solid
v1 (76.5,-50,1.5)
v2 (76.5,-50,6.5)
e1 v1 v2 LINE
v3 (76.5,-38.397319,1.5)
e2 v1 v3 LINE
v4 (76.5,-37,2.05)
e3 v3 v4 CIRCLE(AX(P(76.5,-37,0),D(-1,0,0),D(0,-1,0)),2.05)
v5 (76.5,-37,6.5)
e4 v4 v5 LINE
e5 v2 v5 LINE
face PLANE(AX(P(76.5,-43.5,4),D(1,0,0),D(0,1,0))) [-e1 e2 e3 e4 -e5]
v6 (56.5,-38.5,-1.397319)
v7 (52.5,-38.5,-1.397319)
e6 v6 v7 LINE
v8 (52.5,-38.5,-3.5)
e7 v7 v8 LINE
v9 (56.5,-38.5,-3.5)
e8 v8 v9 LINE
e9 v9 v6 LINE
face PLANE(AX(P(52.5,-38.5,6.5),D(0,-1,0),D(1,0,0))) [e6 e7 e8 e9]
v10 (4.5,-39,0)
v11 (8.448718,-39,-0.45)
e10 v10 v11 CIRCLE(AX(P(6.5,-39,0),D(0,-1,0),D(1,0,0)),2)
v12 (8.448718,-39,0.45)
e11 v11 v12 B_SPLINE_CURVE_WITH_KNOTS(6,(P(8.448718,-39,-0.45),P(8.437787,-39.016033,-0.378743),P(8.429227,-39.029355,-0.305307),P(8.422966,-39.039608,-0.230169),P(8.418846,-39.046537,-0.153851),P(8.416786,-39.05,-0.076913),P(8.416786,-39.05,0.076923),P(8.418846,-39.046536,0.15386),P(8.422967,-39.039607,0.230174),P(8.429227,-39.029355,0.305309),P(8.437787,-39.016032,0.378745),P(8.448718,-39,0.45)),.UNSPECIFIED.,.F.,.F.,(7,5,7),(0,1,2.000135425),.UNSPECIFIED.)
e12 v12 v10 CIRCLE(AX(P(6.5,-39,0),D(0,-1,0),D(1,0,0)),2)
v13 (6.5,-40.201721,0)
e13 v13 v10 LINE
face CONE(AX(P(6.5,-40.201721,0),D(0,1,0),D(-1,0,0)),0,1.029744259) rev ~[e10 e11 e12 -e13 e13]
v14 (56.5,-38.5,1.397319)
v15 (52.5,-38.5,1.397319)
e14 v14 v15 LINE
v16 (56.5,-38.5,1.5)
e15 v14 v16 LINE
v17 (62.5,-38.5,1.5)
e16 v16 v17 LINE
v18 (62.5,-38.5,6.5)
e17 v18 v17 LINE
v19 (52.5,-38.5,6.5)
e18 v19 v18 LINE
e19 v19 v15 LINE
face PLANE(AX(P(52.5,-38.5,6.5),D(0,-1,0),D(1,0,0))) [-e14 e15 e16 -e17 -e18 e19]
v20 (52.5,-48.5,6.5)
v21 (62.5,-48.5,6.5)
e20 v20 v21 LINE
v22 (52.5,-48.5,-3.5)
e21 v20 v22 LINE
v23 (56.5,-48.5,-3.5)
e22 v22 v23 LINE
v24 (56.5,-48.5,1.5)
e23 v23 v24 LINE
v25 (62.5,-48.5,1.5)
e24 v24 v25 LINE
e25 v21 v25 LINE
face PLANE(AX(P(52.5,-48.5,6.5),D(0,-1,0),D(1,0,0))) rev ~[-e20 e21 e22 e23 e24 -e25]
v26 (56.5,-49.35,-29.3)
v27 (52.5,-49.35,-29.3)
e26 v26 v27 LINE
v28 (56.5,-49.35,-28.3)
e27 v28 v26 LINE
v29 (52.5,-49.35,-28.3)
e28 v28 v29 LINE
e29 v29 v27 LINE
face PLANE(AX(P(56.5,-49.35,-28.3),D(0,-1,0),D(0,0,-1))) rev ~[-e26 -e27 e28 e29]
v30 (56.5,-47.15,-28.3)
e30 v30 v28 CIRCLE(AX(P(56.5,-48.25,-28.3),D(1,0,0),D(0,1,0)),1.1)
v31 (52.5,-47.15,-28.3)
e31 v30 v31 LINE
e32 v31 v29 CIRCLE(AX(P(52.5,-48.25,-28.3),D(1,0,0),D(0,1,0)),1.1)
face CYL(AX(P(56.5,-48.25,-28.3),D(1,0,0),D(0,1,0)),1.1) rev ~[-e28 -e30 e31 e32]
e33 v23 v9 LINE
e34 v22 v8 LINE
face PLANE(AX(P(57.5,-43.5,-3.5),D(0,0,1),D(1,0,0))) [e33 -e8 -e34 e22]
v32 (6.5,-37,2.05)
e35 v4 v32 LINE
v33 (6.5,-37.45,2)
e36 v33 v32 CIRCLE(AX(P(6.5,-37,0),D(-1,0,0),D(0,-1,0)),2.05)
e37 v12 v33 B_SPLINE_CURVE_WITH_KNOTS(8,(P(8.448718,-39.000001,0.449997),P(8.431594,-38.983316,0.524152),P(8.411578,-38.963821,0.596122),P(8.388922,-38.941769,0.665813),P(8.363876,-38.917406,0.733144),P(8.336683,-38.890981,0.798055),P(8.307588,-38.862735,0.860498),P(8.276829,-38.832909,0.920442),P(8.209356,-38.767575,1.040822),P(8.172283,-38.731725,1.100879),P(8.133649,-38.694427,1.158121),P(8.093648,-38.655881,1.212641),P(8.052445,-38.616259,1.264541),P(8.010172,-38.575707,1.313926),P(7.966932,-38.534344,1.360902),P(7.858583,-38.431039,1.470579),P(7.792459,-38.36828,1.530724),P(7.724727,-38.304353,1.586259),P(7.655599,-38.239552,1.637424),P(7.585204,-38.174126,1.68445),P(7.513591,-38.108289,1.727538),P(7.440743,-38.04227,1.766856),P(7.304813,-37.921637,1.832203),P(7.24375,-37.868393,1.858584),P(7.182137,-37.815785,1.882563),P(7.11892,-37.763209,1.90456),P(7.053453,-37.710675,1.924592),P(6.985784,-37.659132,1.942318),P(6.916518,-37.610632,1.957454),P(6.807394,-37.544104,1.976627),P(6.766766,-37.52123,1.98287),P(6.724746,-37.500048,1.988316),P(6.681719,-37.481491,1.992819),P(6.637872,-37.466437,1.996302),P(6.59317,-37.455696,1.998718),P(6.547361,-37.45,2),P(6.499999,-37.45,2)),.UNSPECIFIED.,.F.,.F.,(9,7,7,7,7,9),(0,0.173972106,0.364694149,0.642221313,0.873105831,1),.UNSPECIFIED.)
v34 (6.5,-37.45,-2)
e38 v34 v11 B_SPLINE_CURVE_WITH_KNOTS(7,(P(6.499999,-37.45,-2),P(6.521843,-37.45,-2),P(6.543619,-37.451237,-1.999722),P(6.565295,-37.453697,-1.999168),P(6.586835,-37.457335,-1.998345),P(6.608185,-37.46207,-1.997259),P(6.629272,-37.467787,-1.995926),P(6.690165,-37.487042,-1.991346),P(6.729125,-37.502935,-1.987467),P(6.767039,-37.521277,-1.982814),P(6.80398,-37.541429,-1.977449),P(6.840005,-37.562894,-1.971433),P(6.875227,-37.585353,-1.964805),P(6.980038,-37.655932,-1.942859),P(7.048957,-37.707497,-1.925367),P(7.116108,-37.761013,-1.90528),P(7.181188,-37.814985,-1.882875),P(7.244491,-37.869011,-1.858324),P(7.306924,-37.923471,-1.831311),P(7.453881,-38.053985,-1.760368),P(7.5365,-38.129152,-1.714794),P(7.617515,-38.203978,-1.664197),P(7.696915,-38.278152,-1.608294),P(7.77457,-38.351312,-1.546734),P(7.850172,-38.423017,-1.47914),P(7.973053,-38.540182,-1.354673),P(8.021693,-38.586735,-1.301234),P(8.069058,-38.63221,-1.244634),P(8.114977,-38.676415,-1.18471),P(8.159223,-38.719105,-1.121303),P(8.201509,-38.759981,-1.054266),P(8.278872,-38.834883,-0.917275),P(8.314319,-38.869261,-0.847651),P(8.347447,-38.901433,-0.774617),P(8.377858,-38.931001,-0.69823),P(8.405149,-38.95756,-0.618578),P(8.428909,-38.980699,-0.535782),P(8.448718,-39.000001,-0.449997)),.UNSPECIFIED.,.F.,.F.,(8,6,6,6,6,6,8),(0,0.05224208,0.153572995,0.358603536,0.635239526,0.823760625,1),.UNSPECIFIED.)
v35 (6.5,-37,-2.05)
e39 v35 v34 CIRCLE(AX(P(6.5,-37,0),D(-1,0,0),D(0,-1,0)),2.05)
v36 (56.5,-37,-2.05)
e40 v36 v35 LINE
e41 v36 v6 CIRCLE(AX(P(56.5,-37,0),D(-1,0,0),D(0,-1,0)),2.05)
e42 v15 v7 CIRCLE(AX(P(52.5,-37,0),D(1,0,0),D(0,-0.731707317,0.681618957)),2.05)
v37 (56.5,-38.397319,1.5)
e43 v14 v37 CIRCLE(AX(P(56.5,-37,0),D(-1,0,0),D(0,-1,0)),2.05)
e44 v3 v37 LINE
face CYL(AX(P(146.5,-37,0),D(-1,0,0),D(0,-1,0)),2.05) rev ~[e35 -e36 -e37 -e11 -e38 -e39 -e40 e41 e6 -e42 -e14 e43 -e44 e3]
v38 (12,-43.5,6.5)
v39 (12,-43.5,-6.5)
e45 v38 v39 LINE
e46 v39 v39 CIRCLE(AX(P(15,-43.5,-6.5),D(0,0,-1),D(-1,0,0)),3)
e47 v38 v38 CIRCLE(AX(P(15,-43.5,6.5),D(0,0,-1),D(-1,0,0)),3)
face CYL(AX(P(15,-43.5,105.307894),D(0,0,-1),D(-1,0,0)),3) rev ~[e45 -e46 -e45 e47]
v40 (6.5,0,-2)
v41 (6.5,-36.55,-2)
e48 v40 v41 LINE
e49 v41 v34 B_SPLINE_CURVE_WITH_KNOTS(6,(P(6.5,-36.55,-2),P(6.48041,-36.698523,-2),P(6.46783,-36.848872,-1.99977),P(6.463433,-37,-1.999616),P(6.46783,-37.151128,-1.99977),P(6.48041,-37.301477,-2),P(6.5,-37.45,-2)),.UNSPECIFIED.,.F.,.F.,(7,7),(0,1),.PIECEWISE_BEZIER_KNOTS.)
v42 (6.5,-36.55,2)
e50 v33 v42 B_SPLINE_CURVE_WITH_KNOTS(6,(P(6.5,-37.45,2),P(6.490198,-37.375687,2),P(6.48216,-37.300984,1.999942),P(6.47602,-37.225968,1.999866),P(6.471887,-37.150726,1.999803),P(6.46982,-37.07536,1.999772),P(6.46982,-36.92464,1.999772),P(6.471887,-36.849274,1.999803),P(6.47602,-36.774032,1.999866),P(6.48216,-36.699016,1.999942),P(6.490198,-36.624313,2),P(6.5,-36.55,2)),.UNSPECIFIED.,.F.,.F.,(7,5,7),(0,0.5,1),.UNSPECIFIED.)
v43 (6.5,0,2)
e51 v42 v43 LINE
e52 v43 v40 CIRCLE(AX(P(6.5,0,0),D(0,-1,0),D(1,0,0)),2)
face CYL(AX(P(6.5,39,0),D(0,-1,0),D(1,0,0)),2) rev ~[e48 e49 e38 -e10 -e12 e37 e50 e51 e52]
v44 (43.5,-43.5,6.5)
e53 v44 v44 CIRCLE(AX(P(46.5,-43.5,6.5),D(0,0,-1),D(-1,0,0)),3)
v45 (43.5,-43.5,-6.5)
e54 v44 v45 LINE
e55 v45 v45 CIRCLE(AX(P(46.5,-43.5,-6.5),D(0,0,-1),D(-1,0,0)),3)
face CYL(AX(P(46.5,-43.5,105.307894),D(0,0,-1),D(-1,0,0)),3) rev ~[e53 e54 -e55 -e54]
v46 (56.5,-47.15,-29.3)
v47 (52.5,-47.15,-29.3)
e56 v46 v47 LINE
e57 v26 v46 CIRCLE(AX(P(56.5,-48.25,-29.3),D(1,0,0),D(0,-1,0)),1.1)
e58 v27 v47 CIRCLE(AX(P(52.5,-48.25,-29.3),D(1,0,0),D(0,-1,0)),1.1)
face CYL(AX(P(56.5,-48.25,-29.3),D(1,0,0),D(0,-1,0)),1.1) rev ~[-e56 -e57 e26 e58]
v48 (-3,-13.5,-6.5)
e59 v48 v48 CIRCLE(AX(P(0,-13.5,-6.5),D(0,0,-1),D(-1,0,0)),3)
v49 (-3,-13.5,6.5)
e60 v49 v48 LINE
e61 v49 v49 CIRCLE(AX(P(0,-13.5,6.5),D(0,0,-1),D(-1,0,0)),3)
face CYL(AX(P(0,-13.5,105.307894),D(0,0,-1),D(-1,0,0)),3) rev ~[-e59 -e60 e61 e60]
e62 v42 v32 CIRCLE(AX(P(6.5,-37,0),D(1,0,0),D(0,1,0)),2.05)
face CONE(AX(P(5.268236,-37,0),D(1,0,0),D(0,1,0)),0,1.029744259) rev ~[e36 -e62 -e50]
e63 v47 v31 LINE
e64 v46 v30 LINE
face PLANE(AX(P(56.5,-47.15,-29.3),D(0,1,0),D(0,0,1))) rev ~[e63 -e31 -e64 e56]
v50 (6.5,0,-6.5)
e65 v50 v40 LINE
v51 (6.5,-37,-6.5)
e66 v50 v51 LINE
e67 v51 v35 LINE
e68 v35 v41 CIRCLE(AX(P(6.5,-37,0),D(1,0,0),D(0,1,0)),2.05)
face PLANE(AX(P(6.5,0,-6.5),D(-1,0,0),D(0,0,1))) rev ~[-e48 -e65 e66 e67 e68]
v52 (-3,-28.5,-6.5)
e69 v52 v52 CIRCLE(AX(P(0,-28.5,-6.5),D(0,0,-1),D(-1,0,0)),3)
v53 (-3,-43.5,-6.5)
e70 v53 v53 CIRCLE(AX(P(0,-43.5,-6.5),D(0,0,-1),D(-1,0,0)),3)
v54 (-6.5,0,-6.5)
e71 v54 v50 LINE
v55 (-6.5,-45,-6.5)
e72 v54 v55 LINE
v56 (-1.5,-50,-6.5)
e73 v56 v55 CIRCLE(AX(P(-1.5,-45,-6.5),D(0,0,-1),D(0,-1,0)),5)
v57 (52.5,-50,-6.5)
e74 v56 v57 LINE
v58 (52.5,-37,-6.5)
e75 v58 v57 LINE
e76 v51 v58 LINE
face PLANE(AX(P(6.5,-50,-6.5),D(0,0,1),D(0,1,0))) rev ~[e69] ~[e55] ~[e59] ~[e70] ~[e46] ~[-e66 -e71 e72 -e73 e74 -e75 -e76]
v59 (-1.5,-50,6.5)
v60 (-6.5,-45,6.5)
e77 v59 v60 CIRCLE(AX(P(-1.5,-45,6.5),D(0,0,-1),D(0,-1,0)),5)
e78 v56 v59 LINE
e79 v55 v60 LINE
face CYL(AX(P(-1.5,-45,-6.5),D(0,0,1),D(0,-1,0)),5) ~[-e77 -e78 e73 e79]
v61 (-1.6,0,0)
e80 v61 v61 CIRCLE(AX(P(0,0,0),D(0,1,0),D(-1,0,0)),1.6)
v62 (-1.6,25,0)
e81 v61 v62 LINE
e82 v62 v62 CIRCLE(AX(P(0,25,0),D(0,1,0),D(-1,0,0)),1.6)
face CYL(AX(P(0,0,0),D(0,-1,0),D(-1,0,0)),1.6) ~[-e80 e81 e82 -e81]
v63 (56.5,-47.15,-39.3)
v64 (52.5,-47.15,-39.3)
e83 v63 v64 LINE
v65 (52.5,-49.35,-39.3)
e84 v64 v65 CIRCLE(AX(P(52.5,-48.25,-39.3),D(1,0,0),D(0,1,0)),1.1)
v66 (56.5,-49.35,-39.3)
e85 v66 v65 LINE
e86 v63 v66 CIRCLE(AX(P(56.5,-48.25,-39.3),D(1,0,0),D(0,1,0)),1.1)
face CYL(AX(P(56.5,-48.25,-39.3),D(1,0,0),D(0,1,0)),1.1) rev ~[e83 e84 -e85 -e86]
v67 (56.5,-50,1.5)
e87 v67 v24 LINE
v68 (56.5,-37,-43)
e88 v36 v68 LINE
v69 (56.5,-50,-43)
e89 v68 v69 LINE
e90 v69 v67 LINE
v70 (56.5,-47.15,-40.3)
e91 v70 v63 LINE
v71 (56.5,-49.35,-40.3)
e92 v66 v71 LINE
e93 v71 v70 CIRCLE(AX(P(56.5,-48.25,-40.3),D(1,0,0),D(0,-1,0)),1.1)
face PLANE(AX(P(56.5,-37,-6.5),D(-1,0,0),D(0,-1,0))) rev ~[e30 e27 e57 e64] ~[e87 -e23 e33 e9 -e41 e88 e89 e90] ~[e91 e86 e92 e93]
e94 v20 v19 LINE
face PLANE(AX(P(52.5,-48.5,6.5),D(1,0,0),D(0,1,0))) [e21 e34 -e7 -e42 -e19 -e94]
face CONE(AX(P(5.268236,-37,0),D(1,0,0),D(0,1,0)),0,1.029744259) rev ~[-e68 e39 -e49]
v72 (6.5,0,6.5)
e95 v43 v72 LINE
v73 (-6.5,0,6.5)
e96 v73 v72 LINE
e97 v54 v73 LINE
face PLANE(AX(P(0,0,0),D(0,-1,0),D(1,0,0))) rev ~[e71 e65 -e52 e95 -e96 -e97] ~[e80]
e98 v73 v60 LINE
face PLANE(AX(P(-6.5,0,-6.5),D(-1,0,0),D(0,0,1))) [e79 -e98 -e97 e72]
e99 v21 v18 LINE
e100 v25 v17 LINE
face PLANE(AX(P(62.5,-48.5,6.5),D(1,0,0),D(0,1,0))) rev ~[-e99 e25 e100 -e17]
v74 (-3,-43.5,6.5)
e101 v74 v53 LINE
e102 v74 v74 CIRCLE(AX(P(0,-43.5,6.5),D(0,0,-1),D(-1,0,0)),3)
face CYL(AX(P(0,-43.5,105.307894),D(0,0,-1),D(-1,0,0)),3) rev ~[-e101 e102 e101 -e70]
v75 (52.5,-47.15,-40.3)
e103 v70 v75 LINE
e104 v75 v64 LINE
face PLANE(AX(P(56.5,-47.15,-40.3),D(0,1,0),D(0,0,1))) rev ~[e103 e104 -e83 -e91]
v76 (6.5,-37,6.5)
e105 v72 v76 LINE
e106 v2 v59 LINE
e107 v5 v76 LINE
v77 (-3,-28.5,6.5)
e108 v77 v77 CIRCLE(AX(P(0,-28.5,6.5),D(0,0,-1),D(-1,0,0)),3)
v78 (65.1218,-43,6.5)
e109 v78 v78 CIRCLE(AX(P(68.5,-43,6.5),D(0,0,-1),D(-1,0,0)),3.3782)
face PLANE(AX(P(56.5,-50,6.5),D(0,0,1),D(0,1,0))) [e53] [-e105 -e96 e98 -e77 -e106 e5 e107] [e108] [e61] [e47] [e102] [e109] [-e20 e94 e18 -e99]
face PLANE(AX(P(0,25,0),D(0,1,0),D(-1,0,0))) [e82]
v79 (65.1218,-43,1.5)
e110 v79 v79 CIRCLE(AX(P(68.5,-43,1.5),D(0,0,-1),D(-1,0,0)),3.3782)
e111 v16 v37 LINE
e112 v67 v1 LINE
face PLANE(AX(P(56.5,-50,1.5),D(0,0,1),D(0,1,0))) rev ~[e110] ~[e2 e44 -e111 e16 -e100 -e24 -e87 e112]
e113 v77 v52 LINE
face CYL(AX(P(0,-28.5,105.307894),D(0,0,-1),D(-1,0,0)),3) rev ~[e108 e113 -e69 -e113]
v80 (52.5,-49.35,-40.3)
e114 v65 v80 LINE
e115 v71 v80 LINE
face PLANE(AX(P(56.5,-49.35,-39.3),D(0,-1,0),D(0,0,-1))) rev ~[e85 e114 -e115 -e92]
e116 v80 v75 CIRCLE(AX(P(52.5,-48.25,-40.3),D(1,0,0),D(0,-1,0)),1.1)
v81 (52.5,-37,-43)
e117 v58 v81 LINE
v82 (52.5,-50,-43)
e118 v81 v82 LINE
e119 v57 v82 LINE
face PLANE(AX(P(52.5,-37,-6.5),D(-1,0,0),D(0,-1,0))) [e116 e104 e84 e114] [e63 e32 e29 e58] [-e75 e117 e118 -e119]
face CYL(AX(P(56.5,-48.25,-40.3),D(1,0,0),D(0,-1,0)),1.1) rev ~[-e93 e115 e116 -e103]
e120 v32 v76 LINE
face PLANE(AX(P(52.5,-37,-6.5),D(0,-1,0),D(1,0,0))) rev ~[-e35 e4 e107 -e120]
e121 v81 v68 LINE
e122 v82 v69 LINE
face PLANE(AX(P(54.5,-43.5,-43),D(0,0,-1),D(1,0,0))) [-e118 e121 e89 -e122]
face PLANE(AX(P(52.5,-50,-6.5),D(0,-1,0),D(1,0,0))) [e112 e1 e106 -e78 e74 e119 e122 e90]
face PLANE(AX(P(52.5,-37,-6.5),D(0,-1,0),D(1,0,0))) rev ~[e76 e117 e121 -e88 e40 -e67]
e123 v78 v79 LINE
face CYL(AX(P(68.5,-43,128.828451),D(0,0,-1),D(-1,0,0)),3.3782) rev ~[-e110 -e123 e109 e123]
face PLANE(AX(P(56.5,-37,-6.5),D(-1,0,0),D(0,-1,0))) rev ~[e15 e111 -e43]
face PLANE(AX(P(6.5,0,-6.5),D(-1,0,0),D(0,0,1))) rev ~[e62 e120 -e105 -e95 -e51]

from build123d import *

# Parameters (mm, degrees)
F0_W      = 13
F0_H      = 13
F1_DEPTH  = 50
F2_W      = 13
F2_H      = 13
F3_DEPTH  = 50
F5_R      = 1.6
F6_DEPTH  = 25
F8_D      = 6
F9_W      = 13
F9_H      = 5
F10_DEPTH = 20
F11_W     = 4
F11_H     = 13
F12_DEPTH = 36.5
F15_D     = 6.7564
F17_DEPTH = 4
F18_W     = 10
F18_H     = 10
F19_DEPTH = 10
F22_R     = 5
F23_D     = 4
F23_DEPTH = 39
F23_TIP   = 1.2017212381
F24_D     = 4.1
F24_DEPTH = 70
F24_TIP   = 1.231764269


with BuildPart() as f1:
    # F0 (on Front) → F1 (new body)
    with BuildSketch(Plane.XZ):
        Rectangle(F0_W, F0_H)
    extrude(amount=F1_DEPTH)

    # F2 (on face) → F3 (join)
    with BuildSketch(Plane.YZ.offset(6.5)):
        with Locations((-43.5, 0)):
            Rectangle(F2_W, F2_H)
    extrude(amount=F3_DEPTH)

    # F5 (on face) → F6 (join)
    with BuildSketch(Plane(origin=(0, 0, 0), x_dir=(-1, 0, 0), z_dir=(0, 1, 0))):
        Circle(F5_R)
    extrude(amount=F6_DEPTH)

    # F8 (through all)
    with Locations(Plane.XY.offset(6.5)):
        with Locations((0, -28.5), (0, -13.5), (0, -43.5), (15, -43.5), (46.5, -43.5)):
            Hole(F8_D / 2)

    # F9 (on face) → F10 (join)
    with BuildSketch(Plane.YZ.offset(56.5)):
        with Locations((-43.5, 4)):
            Rectangle(F9_W, F9_H)
    extrude(amount=F10_DEPTH)

    # F11 (on face) → F12 (join)
    with BuildSketch(Plane(origin=(0, 0, -6.5), x_dir=(1, 0, 0), z_dir=(0, 0, -1))):
        with Locations((54.5, 43.5)):
            Rectangle(F11_W, F11_H)
    extrude(amount=F12_DEPTH)

    # F15 (through all)
    with Locations(Plane.XY.offset(6.5)):
        with Locations((68.5, -43)):
            Hole(F15_D / 2)

    # F16 (on face) → F17 (cut, through all)
    with BuildSketch(Plane.YZ.offset(56.5)):
        with BuildLine():
            Line((-49.35, -39.3), (-49.35, -40.3))
            ThreePointArc((-49.35, -40.3), (-48.25, -41.4), (-47.15, -40.3))
            Line((-47.15, -40.3), (-47.15, -39.3))
            ThreePointArc((-47.15, -39.3), (-48.25, -38.2), (-49.35, -39.3))
        make_face()
        with BuildLine():
            Line((-49.35, -28.3), (-49.35, -29.3))
            ThreePointArc((-49.35, -29.3), (-48.25, -30.4), (-47.15, -29.3))
            Line((-47.15, -29.3), (-47.15, -28.3))
            ThreePointArc((-47.15, -28.3), (-48.25, -27.2), (-49.35, -28.3))
        make_face()
    extrude(amount=-F17_DEPTH, mode=Mode.SUBTRACT)

    # F18 (on face) → F19 (cut)
    with BuildSketch(Plane.XY.offset(6.5)):
        with Locations((57.5, -43.5)):
            Rectangle(F18_W, F18_H)
    extrude(amount=-F19_DEPTH, mode=Mode.SUBTRACT)

    # F22
    f22_edges = [f1.edges().sort_by_distance(p)[0] for p in [
        (-6.5, -50, 0),
    ]]
    fillet(f22_edges, radius=F22_R)

    # F23
    with Locations(Plane(origin=(0, 0, 0), x_dir=(-1, 0, 0), z_dir=(0, 1, 0))):
        with Locations((-6.5, 0)):
            Hole(F23_D / 2, depth=F23_DEPTH)
            with Locations((0, 0, -(F23_DEPTH + F23_TIP / 2))):  # 118° drill point
                Cone(0, F23_D / 2, F23_TIP, mode=Mode.SUBTRACT)

    # F24
    with Locations(Plane.YZ.offset(76.5)):
        with Locations((-37, 0)):
            Hole(F24_D / 2, depth=F24_DEPTH)
            with Locations((0, 0, -(F24_DEPTH + F24_TIP / 2))):  # 118° drill point
                Cone(0, F24_D / 2, F24_TIP, mode=Mode.SUBTRACT)


solid = f1.part
